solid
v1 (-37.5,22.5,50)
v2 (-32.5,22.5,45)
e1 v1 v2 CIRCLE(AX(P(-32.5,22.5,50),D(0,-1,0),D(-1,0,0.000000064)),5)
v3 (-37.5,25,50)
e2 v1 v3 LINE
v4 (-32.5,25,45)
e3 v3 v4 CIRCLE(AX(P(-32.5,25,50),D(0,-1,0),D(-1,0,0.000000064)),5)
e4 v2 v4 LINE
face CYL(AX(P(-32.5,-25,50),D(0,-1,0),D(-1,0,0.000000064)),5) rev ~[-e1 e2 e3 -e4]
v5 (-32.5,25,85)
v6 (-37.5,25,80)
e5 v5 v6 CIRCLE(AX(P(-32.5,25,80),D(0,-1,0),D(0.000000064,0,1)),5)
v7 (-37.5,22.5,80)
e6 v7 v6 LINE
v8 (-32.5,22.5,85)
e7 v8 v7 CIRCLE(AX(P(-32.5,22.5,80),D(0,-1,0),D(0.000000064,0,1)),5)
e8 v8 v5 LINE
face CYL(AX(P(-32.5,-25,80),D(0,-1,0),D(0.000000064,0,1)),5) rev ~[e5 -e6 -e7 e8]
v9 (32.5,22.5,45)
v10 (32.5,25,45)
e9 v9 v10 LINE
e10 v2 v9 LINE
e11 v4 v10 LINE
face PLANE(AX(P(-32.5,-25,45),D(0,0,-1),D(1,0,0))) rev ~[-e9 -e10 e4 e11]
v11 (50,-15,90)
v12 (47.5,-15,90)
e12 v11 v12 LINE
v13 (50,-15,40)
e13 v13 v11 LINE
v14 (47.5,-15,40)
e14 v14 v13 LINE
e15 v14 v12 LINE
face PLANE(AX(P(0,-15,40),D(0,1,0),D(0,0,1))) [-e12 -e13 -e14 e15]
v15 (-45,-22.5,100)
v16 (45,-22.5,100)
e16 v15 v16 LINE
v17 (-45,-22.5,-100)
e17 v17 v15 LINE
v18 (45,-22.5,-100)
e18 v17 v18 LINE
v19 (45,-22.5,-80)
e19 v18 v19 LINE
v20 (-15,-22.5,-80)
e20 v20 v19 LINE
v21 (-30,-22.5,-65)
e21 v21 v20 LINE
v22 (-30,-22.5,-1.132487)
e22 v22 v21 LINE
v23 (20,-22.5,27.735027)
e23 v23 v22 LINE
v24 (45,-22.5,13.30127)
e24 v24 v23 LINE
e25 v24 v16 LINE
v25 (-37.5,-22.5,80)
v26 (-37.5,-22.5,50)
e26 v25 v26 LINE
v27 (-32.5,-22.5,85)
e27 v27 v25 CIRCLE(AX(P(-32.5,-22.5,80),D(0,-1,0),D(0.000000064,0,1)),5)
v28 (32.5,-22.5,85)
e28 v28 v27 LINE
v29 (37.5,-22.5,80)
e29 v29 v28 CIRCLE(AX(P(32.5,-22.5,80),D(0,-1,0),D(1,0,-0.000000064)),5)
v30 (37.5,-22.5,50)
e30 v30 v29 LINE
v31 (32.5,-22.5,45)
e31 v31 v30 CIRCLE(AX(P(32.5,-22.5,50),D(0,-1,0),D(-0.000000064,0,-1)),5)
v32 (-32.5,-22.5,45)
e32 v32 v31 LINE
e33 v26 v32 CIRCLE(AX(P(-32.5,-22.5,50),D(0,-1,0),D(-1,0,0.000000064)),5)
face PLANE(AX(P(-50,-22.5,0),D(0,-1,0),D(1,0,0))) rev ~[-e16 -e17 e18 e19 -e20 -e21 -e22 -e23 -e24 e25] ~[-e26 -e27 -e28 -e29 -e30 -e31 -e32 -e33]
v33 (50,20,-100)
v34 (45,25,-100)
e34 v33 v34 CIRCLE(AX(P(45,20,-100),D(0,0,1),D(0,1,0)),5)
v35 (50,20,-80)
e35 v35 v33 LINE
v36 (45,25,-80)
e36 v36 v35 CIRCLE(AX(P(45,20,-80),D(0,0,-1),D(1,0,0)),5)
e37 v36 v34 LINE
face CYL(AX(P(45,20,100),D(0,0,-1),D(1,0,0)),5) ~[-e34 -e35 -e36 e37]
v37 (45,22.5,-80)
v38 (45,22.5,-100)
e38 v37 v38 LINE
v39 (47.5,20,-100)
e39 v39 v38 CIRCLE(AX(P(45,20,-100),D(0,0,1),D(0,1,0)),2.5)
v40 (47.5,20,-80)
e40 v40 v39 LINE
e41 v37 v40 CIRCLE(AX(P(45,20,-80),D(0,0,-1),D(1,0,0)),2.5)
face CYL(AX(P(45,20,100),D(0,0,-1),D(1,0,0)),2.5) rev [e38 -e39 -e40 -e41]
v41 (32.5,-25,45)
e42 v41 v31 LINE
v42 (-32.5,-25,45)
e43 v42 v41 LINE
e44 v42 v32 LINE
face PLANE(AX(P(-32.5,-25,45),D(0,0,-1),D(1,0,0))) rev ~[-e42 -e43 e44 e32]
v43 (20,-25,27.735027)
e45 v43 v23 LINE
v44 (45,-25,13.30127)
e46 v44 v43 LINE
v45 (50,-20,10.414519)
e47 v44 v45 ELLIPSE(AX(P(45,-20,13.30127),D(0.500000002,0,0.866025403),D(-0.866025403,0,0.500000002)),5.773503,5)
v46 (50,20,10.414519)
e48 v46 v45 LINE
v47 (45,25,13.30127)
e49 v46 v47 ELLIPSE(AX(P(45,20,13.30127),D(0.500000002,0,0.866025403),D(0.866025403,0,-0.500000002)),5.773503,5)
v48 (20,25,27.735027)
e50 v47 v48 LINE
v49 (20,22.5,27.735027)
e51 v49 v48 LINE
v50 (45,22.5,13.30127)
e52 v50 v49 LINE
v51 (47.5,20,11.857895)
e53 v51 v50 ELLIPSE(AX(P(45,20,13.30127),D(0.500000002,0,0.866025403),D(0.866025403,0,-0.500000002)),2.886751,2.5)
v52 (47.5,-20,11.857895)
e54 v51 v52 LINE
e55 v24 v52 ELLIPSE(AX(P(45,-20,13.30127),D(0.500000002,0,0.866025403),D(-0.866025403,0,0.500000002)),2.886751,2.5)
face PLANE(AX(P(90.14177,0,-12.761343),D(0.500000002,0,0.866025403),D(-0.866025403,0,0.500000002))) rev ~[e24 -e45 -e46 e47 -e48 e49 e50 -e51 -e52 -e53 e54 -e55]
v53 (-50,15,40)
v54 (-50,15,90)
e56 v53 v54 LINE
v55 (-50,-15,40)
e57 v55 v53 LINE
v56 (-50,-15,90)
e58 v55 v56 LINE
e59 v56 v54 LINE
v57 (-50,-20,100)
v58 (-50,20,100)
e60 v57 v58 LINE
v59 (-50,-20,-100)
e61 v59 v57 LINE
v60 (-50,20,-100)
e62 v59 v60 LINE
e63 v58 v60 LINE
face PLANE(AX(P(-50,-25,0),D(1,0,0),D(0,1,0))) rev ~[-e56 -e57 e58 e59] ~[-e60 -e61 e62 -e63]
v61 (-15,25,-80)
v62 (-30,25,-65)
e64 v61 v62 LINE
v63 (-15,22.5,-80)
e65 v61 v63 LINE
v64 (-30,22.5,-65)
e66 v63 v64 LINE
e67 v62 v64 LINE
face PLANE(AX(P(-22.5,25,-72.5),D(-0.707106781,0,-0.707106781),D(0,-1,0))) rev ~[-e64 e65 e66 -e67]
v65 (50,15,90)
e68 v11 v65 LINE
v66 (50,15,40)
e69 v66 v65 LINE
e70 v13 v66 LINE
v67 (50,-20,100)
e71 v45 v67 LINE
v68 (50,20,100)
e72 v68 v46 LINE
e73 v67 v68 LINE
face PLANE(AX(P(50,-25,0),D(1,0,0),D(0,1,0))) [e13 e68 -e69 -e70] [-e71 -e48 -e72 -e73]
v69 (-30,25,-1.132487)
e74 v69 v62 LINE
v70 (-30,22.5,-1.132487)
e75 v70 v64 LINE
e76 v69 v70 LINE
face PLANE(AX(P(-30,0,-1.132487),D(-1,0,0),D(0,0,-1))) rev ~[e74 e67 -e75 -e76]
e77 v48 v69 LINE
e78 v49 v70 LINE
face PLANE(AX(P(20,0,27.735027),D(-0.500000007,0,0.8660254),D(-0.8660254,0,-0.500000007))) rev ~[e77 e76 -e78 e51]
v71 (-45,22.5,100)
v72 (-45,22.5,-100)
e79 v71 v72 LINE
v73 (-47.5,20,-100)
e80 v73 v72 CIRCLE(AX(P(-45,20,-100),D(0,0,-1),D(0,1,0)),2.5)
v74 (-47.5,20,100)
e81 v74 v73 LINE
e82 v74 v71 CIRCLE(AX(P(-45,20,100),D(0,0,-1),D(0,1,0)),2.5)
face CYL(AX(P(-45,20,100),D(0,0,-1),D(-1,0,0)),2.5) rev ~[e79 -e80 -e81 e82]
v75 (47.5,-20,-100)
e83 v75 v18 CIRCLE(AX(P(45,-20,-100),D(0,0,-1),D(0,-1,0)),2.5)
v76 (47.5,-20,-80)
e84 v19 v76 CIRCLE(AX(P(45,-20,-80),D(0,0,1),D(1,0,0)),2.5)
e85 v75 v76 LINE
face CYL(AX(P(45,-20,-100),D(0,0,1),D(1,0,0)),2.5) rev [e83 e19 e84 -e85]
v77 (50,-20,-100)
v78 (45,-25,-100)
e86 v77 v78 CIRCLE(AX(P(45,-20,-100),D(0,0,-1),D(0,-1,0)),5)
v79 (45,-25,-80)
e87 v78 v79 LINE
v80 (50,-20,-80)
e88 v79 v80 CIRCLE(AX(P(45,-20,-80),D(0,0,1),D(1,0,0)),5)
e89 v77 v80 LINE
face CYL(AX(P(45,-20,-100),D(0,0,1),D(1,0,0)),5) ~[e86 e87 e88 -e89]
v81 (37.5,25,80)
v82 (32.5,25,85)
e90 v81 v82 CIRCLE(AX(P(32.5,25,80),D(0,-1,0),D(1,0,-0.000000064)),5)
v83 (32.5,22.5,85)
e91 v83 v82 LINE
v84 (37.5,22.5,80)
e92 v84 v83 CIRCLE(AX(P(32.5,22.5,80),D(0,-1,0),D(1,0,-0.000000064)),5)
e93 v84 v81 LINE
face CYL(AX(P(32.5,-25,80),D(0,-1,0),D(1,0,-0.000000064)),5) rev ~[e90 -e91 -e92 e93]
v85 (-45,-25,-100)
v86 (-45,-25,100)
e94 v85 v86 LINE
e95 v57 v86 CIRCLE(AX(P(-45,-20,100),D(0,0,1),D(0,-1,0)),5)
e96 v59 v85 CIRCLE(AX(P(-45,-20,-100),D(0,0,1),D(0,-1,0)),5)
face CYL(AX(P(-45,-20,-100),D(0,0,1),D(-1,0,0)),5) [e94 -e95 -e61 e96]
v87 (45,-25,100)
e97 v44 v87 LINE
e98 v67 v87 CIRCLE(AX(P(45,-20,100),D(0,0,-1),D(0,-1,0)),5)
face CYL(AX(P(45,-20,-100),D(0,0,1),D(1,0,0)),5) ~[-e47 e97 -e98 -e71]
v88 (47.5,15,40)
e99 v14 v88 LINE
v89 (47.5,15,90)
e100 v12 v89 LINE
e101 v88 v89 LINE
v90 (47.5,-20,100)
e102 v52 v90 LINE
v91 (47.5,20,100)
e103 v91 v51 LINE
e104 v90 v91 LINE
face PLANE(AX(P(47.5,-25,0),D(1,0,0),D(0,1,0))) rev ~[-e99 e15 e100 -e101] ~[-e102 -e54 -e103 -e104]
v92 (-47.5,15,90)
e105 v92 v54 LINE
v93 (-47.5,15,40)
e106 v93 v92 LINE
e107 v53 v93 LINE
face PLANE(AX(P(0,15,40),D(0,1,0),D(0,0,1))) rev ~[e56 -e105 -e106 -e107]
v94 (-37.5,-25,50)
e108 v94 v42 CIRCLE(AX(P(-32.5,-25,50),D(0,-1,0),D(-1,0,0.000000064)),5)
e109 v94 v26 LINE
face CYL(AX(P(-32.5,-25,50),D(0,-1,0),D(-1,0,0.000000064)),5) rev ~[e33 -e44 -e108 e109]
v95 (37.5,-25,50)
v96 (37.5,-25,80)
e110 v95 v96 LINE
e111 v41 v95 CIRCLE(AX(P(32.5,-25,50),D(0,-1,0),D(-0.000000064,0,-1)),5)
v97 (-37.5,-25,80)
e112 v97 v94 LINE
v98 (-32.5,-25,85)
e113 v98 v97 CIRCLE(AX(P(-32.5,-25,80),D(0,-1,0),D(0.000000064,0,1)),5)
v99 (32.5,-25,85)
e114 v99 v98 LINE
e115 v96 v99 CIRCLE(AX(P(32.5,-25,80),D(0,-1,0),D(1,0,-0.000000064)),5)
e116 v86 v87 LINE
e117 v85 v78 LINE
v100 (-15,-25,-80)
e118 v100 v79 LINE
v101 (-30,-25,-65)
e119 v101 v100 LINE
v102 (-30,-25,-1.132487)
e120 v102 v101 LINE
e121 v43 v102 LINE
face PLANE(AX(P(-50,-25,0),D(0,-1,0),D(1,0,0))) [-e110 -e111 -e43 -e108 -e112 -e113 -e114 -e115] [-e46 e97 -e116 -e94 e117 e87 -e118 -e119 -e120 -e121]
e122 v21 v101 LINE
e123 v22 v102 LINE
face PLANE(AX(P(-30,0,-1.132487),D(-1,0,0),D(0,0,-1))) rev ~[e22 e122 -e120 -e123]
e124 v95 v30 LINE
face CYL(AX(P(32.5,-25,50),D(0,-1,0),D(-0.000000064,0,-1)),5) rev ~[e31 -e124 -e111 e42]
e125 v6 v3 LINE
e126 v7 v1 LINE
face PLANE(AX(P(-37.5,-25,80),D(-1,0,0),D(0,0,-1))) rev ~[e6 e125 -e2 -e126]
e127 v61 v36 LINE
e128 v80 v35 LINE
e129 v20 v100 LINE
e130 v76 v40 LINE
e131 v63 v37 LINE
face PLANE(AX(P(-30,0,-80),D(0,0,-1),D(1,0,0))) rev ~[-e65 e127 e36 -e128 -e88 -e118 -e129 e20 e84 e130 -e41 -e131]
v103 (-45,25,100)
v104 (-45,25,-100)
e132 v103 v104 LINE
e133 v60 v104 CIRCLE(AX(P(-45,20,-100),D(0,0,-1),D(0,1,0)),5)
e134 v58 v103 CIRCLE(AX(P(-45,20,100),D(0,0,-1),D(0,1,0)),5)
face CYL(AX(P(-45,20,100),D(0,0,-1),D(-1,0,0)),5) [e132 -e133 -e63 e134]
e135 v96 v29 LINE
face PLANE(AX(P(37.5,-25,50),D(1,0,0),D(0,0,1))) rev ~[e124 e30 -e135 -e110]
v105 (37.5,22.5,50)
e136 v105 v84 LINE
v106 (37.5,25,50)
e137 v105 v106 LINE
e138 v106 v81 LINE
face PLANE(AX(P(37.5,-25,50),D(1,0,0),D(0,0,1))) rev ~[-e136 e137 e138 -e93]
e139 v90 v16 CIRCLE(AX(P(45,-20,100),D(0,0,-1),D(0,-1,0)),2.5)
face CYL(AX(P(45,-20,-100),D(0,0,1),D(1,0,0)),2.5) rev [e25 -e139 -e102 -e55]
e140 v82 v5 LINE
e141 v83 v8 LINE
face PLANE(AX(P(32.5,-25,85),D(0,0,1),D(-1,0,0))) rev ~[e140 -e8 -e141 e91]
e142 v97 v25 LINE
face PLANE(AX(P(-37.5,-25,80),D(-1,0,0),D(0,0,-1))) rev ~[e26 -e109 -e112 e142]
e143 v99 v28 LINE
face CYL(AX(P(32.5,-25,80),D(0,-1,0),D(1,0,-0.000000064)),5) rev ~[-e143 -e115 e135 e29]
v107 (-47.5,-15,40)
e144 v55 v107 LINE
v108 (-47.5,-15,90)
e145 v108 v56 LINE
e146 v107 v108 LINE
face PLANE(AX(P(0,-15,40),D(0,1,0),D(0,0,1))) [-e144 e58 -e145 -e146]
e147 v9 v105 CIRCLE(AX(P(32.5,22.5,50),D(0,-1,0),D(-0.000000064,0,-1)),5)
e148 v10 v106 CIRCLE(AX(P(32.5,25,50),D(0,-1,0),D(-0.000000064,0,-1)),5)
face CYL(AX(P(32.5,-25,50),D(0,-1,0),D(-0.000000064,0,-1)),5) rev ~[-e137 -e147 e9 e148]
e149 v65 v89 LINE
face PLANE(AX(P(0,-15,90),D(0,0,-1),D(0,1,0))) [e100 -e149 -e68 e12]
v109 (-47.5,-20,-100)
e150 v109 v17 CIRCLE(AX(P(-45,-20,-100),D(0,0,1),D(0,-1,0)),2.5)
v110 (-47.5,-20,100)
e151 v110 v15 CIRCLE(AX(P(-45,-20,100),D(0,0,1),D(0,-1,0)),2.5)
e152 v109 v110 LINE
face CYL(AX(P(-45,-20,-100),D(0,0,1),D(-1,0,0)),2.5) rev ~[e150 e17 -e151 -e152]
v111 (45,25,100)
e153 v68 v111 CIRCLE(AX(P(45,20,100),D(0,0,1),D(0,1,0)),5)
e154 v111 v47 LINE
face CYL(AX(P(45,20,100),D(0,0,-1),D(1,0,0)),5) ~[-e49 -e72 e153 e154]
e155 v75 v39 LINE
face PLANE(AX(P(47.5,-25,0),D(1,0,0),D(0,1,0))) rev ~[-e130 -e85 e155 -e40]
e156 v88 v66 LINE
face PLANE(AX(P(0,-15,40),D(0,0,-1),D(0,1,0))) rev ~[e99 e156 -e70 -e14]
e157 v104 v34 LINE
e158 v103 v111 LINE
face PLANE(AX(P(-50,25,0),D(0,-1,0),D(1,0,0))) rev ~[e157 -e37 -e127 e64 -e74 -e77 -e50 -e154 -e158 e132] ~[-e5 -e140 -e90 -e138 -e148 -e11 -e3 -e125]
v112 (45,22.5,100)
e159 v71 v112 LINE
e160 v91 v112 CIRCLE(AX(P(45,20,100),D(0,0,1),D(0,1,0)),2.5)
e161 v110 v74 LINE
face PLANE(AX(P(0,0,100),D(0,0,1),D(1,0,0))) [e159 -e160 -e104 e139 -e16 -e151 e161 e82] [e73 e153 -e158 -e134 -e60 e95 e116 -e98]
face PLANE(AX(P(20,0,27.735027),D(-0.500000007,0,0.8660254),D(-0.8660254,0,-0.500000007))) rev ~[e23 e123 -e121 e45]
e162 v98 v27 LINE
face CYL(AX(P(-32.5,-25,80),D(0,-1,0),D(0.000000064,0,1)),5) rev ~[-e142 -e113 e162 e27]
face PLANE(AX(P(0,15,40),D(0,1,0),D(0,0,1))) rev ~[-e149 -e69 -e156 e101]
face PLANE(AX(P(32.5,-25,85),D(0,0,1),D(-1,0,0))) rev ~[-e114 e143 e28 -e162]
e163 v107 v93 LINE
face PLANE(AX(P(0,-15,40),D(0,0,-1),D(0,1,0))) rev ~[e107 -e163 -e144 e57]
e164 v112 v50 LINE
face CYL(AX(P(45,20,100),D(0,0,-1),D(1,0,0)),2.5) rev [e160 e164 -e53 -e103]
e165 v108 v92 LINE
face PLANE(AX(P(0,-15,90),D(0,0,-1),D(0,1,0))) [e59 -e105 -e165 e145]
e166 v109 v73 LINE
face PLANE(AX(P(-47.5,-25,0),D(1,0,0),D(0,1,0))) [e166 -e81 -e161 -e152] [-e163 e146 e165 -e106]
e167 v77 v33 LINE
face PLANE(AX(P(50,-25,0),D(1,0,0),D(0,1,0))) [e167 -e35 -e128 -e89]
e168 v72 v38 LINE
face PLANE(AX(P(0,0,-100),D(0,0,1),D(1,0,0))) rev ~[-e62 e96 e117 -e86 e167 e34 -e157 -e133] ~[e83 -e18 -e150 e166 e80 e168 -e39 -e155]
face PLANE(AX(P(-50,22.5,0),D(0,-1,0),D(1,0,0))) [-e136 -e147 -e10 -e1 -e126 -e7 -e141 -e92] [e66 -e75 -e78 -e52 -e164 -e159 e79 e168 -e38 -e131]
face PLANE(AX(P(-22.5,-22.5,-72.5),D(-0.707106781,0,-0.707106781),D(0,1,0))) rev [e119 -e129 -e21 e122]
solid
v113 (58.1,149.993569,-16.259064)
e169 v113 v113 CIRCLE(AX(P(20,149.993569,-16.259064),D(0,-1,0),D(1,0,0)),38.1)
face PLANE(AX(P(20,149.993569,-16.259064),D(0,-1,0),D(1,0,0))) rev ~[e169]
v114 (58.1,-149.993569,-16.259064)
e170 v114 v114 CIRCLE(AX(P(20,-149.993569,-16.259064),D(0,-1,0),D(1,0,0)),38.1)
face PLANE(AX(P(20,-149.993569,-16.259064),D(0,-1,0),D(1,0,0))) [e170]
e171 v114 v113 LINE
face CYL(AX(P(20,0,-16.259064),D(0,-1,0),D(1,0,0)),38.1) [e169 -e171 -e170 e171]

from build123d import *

# Parameters (mm, degrees)
F0_W       = 100
F0_H       = 50
F1_DEPTH   = 100
F2_R       = 5
F3_T       = -2.5
F4_W       = 30
F4_H       = 50
F5_DEPTH   = 110
F7_DEPTH   = 43.301695
F8_SIZE    = 15
F10_DEPTH  = 102.455856
F11_R      = 38.1
F12_DEPTH  = 149.993569
F12_FACE_R = 38.1
F13_DEPTH  = 40


with BuildPart() as f1:
    # F0 (on Top) → F1 (new body, symmetric)
    with BuildSketch(Plane.XY):
        Rectangle(F0_W, F0_H)
    extrude(amount=F1_DEPTH, both=True)

    # F2
    f2_edges = [f1.edges().sort_by_distance(p)[0] for p in [
        (-50, -25, 0),
        (-50, 25, 0),
        (50, -25, 0),
        (50, 25, 0),
    ]]
    fillet(f2_edges, radius=F2_R)

    # F3
    f3_openings = [f1.faces().sort_by_distance(p)[0] for p in [
        (0, 0, 100),
        (0, 0, -100),
    ]]
    offset(amount=F3_T, openings=f3_openings)

    # F4 (on Right) → F5 (cut, symmetric)
    with BuildSketch(Plane.YZ):
        with Locations((0, 65)):
            Rectangle(F4_W, F4_H)
    extrude(amount=F5_DEPTH, both=True, mode=Mode.SUBTRACT)

    # F6 (on Front) → F7 (cut, symmetric)
    with BuildSketch(Plane.XZ):
        Polygon((20, 27.735027), (-30, -1.132487), (-30, -80), (90.14177, -80), (90.14177, -12.761343), align=None)
    extrude(amount=F7_DEPTH, both=True, mode=Mode.SUBTRACT)

    # F8
    f8_edges = [f1.edges().sort_by_distance(p)[0] for p in [
        (-30, 23.75, -80),
        (-30, -23.75, -80),
    ]]
    chamfer(f8_edges, length=F8_SIZE)

    # F9 (on face) → F10 (cut)
    with BuildSketch(Plane.XZ.offset(25)):
        with BuildLine():
            ThreePointArc((37.5, 80), (36.035534, 83.535534), (32.5, 85))
            Line((32.5, 85), (-32.5, 85))
            ThreePointArc((-32.5, 85), (-36.035534, 83.535534), (-37.5, 80))
            Line((-37.5, 80), (-37.5, 50))
            ThreePointArc((-37.5, 50), (-36.035534, 46.464466), (-32.5, 45))
            Line((-32.5, 45), (32.5, 45))
            ThreePointArc((32.5, 45), (36.035534, 46.464466), (37.5, 50))
            Line((37.5, 50), (37.5, 80))
        make_face()
    extrude(amount=-F10_DEPTH, mode=Mode.SUBTRACT)


with BuildPart() as f12:
    # F11 (on face) → F12 (new body, symmetric)
    with BuildSketch(Plane.XZ):
        with Locations((20, -16.259064)):
            Circle(F11_R)
    extrude(amount=F12_DEPTH, both=True)

    # F12_face (on face) → F13 (join)
    with BuildSketch(Plane(origin=(20, -149.993569, -16.259064), x_dir=(1, 0, 0), z_dir=(0, -1, 0))):
        Circle(F12_FACE_R)
    extrude(amount=-F13_DEPTH)


solid = Compound([f1.part, f12.part])
